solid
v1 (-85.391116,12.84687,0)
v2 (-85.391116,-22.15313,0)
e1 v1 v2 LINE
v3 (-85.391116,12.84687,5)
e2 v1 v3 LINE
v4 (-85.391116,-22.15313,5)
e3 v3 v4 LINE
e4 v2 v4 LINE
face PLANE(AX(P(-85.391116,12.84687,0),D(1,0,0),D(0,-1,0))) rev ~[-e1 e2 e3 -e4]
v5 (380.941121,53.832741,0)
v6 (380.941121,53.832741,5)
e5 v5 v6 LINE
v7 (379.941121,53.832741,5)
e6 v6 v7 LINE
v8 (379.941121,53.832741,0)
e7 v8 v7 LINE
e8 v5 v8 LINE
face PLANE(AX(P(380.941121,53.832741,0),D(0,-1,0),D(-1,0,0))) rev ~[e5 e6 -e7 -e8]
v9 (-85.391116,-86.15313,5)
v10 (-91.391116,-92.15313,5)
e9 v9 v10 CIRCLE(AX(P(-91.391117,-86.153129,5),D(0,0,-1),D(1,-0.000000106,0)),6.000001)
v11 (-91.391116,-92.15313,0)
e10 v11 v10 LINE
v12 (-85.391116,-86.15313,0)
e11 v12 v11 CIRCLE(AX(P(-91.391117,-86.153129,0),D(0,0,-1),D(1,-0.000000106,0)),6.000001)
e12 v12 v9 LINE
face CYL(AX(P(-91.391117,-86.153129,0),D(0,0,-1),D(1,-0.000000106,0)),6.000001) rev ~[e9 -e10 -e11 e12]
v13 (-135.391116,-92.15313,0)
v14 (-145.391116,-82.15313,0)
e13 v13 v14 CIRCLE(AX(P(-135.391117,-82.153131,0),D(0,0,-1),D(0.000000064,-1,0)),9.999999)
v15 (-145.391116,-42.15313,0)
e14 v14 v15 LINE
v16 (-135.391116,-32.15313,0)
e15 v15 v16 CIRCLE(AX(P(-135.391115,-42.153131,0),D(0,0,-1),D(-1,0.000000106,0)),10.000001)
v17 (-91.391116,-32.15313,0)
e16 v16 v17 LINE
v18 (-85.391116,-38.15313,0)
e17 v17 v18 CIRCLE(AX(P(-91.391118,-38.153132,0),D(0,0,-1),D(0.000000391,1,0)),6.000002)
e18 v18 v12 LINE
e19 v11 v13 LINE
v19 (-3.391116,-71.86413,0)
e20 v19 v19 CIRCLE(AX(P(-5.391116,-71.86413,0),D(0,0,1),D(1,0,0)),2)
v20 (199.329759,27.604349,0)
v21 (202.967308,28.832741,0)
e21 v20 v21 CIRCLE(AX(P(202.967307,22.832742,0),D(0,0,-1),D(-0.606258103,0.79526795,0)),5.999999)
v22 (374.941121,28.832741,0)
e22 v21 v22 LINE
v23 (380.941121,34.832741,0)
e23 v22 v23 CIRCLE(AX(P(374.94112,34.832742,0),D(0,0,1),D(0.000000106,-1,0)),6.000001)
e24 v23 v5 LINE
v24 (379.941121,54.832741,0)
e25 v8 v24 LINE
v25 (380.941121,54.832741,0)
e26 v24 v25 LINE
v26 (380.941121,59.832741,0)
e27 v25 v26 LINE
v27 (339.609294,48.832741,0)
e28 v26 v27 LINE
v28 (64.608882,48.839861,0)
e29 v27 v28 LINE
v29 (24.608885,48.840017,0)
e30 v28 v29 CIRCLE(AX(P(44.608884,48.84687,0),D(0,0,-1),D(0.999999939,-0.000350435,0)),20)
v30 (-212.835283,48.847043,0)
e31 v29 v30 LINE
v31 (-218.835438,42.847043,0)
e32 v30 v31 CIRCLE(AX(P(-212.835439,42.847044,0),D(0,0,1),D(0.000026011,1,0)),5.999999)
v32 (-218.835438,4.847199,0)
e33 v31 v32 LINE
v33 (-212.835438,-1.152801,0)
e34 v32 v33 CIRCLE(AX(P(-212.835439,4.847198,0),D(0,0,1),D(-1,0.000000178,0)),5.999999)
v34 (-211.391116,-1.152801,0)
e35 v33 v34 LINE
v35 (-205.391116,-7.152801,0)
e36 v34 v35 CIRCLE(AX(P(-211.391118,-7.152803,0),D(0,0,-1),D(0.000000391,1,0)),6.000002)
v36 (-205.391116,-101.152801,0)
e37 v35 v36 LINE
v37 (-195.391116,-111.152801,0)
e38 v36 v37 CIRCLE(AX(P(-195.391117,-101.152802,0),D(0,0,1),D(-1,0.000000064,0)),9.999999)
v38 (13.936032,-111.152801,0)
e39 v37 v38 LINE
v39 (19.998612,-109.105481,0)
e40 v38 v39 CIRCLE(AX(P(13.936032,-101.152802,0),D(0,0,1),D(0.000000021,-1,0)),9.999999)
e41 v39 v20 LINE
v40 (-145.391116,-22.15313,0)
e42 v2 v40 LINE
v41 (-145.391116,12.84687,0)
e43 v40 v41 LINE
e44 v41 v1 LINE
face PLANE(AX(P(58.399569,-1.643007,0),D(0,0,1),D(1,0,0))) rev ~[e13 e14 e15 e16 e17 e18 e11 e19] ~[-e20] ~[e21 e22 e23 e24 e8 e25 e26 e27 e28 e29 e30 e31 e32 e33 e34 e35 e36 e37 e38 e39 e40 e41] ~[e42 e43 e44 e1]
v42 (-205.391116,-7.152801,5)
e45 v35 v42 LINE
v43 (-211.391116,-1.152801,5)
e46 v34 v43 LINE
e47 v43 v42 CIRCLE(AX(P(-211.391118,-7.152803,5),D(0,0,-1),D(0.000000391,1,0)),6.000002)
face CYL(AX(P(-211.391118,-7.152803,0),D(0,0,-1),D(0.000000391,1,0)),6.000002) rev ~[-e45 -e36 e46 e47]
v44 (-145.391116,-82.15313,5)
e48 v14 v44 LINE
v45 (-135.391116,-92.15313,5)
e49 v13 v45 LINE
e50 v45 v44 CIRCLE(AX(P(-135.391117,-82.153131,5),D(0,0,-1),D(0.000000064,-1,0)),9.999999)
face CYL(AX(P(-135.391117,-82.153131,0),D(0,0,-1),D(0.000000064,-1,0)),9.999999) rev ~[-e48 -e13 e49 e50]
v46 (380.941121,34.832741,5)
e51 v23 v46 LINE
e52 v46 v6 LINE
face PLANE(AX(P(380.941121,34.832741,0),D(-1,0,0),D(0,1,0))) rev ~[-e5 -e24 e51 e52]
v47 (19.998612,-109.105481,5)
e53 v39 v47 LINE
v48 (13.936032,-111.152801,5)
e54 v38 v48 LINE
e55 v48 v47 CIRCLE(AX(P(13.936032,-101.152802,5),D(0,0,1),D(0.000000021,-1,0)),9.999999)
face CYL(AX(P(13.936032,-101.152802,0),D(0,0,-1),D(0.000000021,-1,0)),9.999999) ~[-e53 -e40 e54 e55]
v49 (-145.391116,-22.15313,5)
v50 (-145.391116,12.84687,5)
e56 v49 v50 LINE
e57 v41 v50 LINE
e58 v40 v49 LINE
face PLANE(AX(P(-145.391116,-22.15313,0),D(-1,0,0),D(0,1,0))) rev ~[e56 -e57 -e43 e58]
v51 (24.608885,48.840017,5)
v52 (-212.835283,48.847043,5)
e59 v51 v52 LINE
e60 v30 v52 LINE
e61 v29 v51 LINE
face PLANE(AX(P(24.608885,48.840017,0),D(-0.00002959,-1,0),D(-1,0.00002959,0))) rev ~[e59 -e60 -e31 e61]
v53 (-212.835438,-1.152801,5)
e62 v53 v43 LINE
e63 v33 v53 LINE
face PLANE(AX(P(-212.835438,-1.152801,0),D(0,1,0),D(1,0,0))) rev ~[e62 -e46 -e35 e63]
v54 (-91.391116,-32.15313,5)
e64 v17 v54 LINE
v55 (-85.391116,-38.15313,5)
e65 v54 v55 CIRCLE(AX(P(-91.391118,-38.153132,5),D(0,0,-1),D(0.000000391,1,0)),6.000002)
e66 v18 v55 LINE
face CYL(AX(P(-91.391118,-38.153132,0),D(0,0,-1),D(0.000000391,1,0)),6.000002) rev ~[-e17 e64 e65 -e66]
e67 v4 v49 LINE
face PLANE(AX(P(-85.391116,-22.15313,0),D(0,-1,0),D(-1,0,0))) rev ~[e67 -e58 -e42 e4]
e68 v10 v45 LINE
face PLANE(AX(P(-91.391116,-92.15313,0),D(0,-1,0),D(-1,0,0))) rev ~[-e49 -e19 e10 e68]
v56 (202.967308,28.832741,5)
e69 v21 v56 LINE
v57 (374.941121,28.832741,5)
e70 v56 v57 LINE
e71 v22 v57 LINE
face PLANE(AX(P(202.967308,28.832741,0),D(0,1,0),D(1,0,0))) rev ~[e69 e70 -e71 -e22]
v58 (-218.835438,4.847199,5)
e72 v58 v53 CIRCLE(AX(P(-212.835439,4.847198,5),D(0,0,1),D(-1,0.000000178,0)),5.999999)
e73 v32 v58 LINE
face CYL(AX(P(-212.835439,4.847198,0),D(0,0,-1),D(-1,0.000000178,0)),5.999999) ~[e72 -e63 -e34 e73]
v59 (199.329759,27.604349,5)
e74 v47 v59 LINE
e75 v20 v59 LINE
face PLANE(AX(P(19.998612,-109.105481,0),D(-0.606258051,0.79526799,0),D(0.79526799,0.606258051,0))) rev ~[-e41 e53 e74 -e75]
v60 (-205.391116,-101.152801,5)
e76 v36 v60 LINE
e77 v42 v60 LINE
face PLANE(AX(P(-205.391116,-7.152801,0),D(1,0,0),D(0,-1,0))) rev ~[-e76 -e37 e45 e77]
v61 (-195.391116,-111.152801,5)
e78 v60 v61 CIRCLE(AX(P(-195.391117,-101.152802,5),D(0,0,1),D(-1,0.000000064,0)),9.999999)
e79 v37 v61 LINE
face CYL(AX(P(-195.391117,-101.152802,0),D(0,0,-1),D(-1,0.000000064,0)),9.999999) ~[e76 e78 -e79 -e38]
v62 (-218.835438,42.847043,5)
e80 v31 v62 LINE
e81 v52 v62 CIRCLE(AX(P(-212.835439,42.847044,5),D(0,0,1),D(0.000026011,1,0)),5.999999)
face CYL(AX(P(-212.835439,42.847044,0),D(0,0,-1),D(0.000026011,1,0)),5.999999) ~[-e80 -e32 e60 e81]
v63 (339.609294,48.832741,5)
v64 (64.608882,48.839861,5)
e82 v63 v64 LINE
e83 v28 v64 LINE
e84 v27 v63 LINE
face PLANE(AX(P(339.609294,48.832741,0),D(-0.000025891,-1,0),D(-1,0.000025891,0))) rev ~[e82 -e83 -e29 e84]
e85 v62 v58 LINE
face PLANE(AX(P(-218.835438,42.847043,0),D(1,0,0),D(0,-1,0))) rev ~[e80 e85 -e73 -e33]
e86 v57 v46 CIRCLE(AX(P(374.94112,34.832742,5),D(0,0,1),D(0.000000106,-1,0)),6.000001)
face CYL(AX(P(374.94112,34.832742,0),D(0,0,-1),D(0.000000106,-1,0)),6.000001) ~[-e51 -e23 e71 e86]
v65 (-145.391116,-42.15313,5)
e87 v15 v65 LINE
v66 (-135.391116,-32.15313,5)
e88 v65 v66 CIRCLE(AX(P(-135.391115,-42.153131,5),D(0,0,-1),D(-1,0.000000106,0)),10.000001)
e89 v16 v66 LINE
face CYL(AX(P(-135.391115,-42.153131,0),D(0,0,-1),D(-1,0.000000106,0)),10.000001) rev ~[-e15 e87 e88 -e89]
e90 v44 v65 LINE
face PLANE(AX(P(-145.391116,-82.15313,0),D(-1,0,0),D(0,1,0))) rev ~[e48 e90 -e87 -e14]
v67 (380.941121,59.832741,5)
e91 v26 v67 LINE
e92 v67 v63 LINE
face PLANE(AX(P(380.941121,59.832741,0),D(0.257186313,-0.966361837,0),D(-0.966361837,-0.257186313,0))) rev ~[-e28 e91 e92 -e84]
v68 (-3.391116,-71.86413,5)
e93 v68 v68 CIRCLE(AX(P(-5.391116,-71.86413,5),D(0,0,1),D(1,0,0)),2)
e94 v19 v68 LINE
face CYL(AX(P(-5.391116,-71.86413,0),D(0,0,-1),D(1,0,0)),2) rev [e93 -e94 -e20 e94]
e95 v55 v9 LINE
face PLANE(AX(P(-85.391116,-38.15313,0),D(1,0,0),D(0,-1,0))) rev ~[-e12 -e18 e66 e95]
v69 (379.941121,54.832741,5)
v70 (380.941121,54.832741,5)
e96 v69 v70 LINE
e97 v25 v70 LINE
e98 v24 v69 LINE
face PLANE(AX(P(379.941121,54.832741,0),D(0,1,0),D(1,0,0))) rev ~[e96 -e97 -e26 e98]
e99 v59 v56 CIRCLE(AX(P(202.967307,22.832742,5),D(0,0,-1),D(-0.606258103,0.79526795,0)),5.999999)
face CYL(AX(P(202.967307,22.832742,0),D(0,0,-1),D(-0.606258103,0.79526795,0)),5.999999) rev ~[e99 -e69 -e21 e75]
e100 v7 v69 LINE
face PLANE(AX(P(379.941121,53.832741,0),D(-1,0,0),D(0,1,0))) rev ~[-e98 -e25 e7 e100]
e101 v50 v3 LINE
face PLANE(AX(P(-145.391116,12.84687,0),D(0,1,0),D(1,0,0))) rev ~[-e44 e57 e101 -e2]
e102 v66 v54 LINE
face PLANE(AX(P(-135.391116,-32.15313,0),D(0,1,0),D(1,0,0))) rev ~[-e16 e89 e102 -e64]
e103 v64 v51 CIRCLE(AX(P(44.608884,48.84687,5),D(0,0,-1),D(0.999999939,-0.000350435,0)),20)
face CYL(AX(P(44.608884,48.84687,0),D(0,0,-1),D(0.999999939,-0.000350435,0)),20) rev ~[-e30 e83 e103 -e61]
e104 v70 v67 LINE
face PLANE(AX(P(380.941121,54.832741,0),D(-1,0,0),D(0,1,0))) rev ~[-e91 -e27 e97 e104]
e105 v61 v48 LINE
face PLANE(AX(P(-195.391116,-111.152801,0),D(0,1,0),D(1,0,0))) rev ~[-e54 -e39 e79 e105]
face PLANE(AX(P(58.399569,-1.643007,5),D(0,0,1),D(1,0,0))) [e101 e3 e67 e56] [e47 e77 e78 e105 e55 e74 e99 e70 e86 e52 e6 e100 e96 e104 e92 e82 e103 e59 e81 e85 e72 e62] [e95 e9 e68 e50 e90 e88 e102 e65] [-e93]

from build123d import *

# Parameters (mm, degrees)
F0_R     = 2
F1_DEPTH = 5


with BuildPart() as f1:
    # F0 (on Top) → F1 (new body)
    with BuildSketch(Plane.XY):
        with BuildLine():
            Line((380.941121, 34.832741), (380.941121, 53.832741))
            Line((380.941121, 53.832741), (379.941121, 53.832741))
            Line((379.941121, 53.832741), (379.941121, 54.832741))
            Line((379.941121, 54.832741), (380.941121, 54.832741))
            Line((380.941121, 54.832741), (380.941121, 59.832741))
            Line((380.941121, 59.832741), (339.609294, 48.832741))
            Line((339.609294, 48.832741), (64.608882, 48.839861))
            ThreePointArc((64.608882, 48.839861), (44.608805, 28.84687), (24.608885, 48.840017))
            Line((24.608885, 48.840017), (-212.835283, 48.847043))
            ThreePointArc((-212.835283, 48.847043), (-217.078024, 47.089739), (-218.835438, 42.847043))
            Line((-218.835438, 42.847043), (-218.835438, 4.847199))
            ThreePointArc((-218.835438, 4.847199), (-217.078079, 0.604558), (-212.835438, -1.152801))
            Line((-212.835438, -1.152801), (-211.391116, -1.152801))
            ThreePointArc((-211.391116, -1.152801), (-207.148476, -2.910161), (-205.391116, -7.152801))
            Line((-205.391116, -7.152801), (-205.391116, -101.152801))
            ThreePointArc((-205.391116, -101.152801), (-202.462184, -108.223869), (-195.391116, -111.152801))
            Line((-195.391116, -111.152801), (13.936032, -111.152801))
            ThreePointArc((13.936032, -111.152801), (17.1355, -110.627156), (19.998612, -109.105481))
            Line((19.998612, -109.105481), (199.329759, 27.604349))
            ThreePointArc((199.329759, 27.604349), (201.047626, 28.517354), (202.967308, 28.832741))
            Line((202.967308, 28.832741), (374.941121, 28.832741))
            ThreePointArc((374.941121, 28.832741), (379.183762, 30.590101), (380.941121, 34.832741))
        make_face()
        with Locations((-5.391116, -71.86413)):
            Circle(F0_R, mode=Mode.SUBTRACT)
        with BuildLine():
            Line((-135.391116, -32.15313), (-91.391116, -32.15313))
            ThreePointArc((-91.391116, -32.15313), (-87.148476, -33.91049), (-85.391116, -38.15313))
            Line((-85.391116, -38.15313), (-85.391116, -86.15313))
            ThreePointArc((-85.391116, -86.15313), (-87.148476, -90.395771), (-91.391116, -92.15313))
            Line((-91.391116, -92.15313), (-135.391116, -92.15313))
            ThreePointArc((-135.391116, -92.15313), (-142.462184, -89.224198), (-145.391116, -82.15313))
            Line((-145.391116, -82.15313), (-145.391116, -42.15313))
            ThreePointArc((-145.391116, -42.15313), (-142.462184, -35.082063), (-135.391116, -32.15313))
        make_face(mode=Mode.SUBTRACT)
        Polygon((-145.391116, 12.84687), (-91.391116, 12.84687), (-85.391116, 12.84687), (-85.391116, 6.84687), (-85.391116, -16.15313), (-85.391116, -22.15313), (-91.391116, -22.15313), (-145.391116, -22.15313), align=None, mode=Mode.SUBTRACT)
    extrude(amount=F1_DEPTH)


solid = f1.part
